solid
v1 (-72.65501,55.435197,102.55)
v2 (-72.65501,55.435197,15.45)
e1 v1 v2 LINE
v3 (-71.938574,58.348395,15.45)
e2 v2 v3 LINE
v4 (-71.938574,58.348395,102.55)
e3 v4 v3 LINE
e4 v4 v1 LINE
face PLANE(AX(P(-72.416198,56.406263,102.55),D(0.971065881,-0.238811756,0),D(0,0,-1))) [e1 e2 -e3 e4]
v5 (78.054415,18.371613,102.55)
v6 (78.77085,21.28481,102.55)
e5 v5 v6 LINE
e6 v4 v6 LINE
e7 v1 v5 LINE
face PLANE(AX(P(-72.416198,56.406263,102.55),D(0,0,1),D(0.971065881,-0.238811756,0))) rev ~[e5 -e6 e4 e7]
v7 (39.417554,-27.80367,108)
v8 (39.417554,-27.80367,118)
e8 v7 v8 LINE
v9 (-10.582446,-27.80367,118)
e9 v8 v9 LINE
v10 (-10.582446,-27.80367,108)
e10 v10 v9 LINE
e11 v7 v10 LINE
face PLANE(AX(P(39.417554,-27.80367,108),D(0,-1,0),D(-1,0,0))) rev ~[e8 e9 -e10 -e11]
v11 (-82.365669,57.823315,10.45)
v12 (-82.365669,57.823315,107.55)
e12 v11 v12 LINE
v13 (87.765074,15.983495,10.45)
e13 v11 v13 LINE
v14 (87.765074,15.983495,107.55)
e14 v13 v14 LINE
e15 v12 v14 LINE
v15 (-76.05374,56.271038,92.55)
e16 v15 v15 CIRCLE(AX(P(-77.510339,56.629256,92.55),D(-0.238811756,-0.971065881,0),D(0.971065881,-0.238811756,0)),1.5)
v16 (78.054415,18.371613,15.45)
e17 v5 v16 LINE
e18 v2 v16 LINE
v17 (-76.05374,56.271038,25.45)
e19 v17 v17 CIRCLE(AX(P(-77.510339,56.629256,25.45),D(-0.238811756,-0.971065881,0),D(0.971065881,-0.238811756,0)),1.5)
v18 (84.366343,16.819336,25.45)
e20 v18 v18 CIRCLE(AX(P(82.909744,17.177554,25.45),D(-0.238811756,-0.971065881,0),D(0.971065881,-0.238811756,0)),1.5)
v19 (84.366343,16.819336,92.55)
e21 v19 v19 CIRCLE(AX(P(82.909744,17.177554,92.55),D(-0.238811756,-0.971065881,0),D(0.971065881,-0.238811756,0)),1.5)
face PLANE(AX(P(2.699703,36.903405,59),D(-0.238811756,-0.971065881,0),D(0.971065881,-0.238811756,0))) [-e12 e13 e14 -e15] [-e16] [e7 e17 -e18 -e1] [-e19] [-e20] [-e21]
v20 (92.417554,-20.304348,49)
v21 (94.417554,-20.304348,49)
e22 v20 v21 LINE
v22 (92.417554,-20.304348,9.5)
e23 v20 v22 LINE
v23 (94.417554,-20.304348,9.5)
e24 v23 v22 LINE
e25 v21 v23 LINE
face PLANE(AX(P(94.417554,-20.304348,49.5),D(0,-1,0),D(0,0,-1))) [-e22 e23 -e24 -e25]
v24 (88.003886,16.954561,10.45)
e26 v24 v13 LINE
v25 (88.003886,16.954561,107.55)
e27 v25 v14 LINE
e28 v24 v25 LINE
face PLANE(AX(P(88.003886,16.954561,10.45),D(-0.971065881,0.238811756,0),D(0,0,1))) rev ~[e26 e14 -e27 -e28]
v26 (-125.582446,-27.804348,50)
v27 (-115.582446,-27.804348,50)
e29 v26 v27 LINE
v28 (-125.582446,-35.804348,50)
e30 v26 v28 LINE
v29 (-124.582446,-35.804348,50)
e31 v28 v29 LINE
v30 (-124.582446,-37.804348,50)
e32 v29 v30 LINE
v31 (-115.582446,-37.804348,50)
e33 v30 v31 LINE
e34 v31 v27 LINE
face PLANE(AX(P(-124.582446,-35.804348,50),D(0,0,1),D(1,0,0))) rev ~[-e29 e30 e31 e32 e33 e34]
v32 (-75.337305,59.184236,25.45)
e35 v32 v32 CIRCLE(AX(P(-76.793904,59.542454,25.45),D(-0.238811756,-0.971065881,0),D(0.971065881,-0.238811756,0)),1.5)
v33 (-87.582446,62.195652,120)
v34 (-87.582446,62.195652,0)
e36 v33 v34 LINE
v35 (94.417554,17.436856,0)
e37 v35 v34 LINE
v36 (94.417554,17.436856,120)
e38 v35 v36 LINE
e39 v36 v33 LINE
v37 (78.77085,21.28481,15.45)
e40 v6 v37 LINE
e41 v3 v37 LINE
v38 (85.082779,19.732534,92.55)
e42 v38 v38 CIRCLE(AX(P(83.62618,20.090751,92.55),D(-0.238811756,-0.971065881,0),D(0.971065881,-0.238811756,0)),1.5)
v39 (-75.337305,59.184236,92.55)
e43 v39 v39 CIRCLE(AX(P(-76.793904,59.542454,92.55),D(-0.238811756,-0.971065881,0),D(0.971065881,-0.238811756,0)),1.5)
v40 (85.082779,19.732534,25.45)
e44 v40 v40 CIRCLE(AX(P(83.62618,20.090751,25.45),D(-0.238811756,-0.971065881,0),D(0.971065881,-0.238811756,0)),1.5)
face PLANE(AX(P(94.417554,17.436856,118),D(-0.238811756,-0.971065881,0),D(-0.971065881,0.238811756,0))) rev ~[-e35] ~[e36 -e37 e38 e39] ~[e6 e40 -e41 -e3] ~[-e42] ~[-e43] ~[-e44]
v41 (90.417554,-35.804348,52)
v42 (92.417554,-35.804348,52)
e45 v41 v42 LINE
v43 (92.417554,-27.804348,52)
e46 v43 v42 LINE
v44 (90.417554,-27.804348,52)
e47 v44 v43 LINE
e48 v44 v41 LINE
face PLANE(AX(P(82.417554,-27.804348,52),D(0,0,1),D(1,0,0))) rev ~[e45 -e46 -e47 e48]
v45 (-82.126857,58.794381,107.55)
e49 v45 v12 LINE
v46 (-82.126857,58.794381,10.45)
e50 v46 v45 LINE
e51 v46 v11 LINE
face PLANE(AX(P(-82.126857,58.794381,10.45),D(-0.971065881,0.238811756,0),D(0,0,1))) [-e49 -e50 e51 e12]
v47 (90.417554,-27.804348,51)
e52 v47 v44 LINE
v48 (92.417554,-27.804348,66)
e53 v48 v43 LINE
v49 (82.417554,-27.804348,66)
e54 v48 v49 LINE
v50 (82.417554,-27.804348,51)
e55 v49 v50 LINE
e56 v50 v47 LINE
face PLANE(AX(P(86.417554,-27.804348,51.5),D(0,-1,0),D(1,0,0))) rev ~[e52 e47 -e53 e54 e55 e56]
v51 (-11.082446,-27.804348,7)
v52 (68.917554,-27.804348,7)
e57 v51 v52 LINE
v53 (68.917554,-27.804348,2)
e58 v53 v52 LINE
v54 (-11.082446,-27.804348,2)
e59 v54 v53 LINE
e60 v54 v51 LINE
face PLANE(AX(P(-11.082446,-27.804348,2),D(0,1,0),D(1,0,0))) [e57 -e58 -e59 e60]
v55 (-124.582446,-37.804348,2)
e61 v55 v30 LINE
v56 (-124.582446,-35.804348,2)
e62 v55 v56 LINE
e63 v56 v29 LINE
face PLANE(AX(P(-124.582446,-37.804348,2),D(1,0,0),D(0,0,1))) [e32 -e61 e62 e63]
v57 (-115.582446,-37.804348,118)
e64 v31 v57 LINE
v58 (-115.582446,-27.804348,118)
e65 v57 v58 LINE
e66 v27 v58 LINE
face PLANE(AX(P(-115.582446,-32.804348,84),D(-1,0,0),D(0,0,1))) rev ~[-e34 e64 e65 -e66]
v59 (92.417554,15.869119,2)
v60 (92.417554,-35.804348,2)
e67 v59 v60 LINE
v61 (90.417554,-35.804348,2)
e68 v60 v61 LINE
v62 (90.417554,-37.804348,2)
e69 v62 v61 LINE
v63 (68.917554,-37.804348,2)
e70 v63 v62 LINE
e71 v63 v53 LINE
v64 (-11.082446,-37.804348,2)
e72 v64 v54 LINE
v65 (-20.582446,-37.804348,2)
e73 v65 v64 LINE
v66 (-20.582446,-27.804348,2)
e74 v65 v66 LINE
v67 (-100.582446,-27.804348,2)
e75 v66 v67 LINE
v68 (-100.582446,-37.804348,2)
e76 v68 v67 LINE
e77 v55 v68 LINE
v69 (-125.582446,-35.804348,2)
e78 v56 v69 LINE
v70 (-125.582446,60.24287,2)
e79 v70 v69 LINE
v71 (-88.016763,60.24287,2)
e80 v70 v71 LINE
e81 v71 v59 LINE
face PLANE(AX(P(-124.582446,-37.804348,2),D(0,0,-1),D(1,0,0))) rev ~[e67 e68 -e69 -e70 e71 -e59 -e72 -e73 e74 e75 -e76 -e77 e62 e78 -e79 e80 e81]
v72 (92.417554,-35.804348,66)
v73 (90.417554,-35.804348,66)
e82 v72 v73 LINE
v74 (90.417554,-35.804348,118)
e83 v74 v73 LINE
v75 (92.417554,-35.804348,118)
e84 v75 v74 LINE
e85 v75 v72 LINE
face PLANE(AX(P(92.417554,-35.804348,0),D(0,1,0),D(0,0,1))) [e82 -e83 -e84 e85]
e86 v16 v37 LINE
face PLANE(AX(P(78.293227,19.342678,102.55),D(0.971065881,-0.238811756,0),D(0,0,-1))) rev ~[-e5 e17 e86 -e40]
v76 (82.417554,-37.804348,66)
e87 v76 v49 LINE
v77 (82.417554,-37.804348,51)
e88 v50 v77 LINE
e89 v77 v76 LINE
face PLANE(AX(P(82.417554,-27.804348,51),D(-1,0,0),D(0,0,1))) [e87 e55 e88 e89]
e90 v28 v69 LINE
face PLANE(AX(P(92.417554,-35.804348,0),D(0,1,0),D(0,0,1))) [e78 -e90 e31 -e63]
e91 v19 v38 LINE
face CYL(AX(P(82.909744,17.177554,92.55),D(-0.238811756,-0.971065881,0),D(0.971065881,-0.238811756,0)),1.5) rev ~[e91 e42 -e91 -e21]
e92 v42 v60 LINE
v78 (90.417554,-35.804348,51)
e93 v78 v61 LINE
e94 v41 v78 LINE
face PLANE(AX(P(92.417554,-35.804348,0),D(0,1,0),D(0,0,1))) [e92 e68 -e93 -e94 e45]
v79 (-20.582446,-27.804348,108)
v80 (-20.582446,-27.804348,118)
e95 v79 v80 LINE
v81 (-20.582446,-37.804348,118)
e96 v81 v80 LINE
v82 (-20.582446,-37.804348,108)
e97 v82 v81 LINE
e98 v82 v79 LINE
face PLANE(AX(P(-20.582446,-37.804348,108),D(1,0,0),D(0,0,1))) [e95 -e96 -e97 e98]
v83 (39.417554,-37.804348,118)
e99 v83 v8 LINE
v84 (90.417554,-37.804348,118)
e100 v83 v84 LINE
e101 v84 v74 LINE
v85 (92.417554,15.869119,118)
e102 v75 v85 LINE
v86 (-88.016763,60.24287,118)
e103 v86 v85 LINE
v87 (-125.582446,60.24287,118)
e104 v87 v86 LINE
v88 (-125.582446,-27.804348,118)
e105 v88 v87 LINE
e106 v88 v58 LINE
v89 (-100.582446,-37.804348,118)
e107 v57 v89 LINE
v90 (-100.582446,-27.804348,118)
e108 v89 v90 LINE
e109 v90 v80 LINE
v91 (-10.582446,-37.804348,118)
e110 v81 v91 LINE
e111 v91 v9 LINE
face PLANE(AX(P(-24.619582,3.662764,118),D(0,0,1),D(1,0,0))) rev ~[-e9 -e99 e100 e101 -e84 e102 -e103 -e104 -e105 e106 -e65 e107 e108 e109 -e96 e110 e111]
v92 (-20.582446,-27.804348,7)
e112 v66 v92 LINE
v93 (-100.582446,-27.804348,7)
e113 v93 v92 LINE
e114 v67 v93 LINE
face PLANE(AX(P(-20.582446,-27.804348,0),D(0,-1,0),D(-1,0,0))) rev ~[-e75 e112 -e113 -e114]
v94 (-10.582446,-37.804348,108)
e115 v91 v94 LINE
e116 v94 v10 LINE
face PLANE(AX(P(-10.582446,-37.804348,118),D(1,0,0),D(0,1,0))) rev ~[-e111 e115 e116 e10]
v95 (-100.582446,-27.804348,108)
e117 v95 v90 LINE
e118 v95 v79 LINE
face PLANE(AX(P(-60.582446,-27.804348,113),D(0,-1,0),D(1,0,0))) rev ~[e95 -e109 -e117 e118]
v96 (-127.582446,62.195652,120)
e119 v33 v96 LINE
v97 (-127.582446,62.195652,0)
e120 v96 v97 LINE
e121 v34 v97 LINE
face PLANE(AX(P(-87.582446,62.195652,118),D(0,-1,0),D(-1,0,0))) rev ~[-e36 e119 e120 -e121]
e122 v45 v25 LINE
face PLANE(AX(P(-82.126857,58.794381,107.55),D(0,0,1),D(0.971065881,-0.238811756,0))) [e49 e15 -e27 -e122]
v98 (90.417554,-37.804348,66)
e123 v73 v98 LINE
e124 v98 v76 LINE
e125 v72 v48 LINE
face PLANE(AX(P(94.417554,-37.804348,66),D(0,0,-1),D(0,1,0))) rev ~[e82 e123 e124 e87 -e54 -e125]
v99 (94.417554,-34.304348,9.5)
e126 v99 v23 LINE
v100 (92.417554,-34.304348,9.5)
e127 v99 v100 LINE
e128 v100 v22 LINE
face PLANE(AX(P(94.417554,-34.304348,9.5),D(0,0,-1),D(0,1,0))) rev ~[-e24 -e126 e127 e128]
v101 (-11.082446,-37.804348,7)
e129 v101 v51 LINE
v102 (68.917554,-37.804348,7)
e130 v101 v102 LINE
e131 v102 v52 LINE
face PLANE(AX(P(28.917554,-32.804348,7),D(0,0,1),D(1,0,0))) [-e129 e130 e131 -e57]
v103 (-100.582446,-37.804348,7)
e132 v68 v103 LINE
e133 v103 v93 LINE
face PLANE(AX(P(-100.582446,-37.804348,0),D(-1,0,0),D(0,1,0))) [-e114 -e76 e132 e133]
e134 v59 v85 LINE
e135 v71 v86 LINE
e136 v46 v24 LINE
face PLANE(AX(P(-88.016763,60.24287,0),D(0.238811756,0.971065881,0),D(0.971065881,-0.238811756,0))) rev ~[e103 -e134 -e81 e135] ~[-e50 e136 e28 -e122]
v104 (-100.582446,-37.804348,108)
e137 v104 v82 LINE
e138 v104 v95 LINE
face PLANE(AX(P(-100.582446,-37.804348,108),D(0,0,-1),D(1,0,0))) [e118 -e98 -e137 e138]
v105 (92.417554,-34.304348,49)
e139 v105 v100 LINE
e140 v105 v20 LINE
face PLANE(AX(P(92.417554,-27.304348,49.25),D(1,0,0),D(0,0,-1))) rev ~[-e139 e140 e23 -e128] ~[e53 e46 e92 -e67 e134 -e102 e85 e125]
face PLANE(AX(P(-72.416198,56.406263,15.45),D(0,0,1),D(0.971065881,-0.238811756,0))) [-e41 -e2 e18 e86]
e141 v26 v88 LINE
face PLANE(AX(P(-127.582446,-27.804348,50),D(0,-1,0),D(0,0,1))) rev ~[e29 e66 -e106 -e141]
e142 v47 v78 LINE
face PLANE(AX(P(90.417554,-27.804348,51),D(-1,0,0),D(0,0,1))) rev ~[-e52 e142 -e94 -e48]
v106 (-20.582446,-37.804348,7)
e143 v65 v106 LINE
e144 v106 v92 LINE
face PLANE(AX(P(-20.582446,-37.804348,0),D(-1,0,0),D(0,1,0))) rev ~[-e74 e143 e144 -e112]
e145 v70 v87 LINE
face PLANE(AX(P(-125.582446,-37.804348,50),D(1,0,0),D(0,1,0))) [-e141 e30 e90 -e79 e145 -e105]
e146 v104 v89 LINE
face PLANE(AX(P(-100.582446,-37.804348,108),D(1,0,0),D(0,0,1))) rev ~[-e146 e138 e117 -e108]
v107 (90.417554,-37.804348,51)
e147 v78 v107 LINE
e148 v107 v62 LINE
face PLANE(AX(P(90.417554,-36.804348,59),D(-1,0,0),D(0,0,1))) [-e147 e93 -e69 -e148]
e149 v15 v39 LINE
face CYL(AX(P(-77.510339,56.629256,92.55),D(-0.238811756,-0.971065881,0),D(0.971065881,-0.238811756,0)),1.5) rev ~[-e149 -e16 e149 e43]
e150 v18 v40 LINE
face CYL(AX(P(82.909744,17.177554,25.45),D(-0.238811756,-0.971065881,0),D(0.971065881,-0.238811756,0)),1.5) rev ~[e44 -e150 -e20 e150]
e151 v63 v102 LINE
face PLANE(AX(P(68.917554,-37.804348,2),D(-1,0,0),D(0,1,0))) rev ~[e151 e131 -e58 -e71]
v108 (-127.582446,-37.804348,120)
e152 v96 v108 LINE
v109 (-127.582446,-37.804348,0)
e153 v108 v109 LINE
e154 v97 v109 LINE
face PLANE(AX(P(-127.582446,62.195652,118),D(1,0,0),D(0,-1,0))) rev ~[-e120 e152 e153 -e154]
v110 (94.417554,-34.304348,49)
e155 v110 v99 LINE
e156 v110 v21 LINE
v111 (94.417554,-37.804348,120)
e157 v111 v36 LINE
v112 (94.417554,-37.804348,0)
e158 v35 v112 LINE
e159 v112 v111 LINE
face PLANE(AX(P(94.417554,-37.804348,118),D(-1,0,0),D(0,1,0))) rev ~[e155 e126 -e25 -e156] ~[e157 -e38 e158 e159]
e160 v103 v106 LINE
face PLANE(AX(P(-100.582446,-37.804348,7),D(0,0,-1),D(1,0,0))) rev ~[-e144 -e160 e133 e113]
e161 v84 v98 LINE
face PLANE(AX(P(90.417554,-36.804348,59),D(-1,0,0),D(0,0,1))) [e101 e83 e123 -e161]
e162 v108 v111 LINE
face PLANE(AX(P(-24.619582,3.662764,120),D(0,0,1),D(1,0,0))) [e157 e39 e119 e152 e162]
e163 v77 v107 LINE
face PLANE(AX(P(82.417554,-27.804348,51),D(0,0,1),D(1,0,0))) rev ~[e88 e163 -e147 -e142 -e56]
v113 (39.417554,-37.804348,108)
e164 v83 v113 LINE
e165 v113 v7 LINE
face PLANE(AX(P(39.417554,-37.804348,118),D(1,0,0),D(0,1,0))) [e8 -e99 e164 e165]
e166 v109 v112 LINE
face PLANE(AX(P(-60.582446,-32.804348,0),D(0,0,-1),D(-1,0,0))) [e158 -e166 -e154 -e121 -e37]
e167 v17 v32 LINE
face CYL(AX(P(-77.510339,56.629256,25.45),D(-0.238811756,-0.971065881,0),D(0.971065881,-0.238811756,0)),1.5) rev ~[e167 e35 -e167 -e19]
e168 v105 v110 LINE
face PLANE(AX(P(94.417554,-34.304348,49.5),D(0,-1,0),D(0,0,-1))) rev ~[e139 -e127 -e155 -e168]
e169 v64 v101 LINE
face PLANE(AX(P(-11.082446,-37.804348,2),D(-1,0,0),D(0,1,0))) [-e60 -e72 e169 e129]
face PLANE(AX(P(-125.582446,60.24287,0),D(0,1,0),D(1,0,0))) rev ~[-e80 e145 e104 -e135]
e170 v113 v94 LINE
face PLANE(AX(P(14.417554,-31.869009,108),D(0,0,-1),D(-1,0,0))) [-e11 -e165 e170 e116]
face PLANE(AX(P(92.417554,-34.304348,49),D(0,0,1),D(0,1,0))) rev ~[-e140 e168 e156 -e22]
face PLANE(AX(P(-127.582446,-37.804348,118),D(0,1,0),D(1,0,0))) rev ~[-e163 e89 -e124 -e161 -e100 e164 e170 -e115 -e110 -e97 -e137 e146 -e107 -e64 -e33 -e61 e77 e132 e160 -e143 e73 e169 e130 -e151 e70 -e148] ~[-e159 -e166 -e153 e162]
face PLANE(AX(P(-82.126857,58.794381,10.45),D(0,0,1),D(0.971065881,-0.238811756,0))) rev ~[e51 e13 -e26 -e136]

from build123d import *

# Parameters (mm, degrees)
BOSS_EXTRUDE1_DEPTH  = 118
SKETCH2_W            = 68
SKETCH2_H            = 10
BOSS_EXTRUDE2_DEPTH  = 12
SKETCH4_W            = 2
SKETCH4_H            = 5.241203994
BOSS_EXTRUDE4_DEPTH  = 118
SKETCH5_W            = 40
SKETCH5_H            = 14
CUT_EXTRUDE1_DEPTH   = 12
BOSS_EXTRUDE5_START  = -2
SKETCH6_W            = 0.5
SKETCH6_H            = 14
BOSS_EXTRUDE5_DEPTH  = 2
SKETCH7_W            = 118
SKETCH7_H            = 2
BOSS_EXTRUDE6_DEPTH  = 2
SKETCH8_W            = 2
SKETCH8_H            = 0.649840642
BOSS_EXTRUDE7_DEPTH  = 50
BOSS_EXTRUDE8_DEPTH  = 2
SKETCH11_W           = 222
SKETCH11_H           = 2
BOSS_EXTRUDE9_DEPTH  = 2
SKETCH13_W           = 118
SKETCH13_H           = 2
BOSS_EXTRUDE10_DEPTH = 4
SKETCH14_W           = 1
SKETCH14_H           = 46
CUT_EXTRUDE2_DEPTH   = 4
SKETCH15_W           = 215
SKETCH15_H           = 1
CUT_EXTRUDE3_DEPTH   = 4
SKETCH16_W           = 215
SKETCH16_H           = 1
CUT_EXTRUDE4_DEPTH   = 4
SKETCH17_W           = 155.2
SKETCH17_H           = 87.1
CUT_EXTRUDE5_DEPTH   = 4
SKETCH18_W           = 175.2
SKETCH18_H           = 97.1
BOSS_EXTRUDE11_DEPTH = 1
SKETCH19_W           = 155.2
SKETCH19_H           = 87.1
CUT_EXTRUDE6_DEPTH   = 1
SKETCH20_R           = 1.5
CUT_EXTRUDE7_DEPTH   = 47.46373967
SKETCH21_W           = 80
SKETCH21_H           = 10
BOSS_EXTRUDE12_DEPTH = 12
SKETCH22_W           = 80
SKETCH22_H           = 5
CUT_EXTRUDE8_DEPTH   = 12
SKETCH23_W           = 10
SKETCH23_H           = 10
BOSS_EXTRUDE13_DEPTH = 12
BOSS_EXTRUDE14_START = -10
SKETCH24_W           = 12
SKETCH24_H           = 4
BOSS_EXTRUDE14_DEPTH = 10
BOSS_EXTRUDE15_START = -10
SKETCH25_W           = 8
SKETCH25_H           = 1
BOSS_EXTRUDE15_DEPTH = 10
SKETCH27_W           = 80
SKETCH27_H           = 10
BOSS_EXTRUDE16_DEPTH = 5
BOSS_EXTRUDE17_DEPTH = 2
SKETCH30_W           = 80
SKETCH30_H           = 10
BOSS_EXTRUDE18_DEPTH = 10
SKETCH31_W           = 50
SKETCH31_H           = 11.87067785
BOSS_EXTRUDE20_DEPTH = 10
SKETCH32_W           = 50
SKETCH32_H           = 1.87
CUT_EXTRUDE9_DEPTH   = 10


with BuildPart() as part:
    # Sketch1 → Boss-Extrude1 (new body)
    with BuildSketch(Plane.XY):
        Polygon((94.417554234, -32.563143832), (94.417554234, 17.436856168), (-87.582445766, 62.195652174), (-127.582445766, 62.195652174), (-127.582445766, -37.804347826), (-125.582445766, -37.757129772), (-125.582445766, 60.242870228), (-88.016763075, 60.242870228), (92.417554234, 15.869118575), (92.417554234, 15.389638114), (92.417554234, -32.610361886), align=None)
    extrude(amount=BOSS_EXTRUDE1_DEPTH)

    # Sketch2 → Boss-Extrude2 (add)
    with BuildSketch(Plane.ZY.offset(127.582445766)):
        with Locations((84, -32.804347826)):
            Rectangle(SKETCH2_W, SKETCH2_H)
    extrude(amount=-BOSS_EXTRUDE2_DEPTH)

    # Sketch4 → Boss-Extrude4 (add)
    with BuildSketch(Plane.XY.offset(118)):
        with Locations((93.417554234, -35.183745829)):
            Rectangle(SKETCH4_W, SKETCH4_H)
    extrude(amount=-BOSS_EXTRUDE4_DEPTH)

    # Sketch5 → Cut-Extrude1 (cut)
    with BuildSketch(Plane(origin=(94.417554234, 0, 0), x_dir=(0, 0, -1), z_dir=(1, 0, 0))):
        with Locations((-29.5, -27.304347826)):
            Rectangle(SKETCH5_W, SKETCH5_H)
    extrude(amount=-CUT_EXTRUDE1_DEPTH, mode=Mode.SUBTRACT)

    # Sketch6 → Boss-Extrude5 (add)
    with BuildSketch(Plane(origin=(94.417554234, 0, 0), x_dir=(0, 0, -1), z_dir=(1, 0, 0)).offset(BOSS_EXTRUDE5_START)):
        with Locations((-49.25, -27.304347826)):
            Rectangle(SKETCH6_W, SKETCH6_H)
    extrude(amount=BOSS_EXTRUDE5_DEPTH)

    # Sketch7 → Boss-Extrude6 (add)
    with BuildSketch(Plane.ZY.offset(-92.417554234)):
        with Locations((59, -36.804347826)):
            Rectangle(SKETCH7_W, SKETCH7_H)
    extrude(amount=BOSS_EXTRUDE6_DEPTH)

    # Sketch8 → Boss-Extrude7 (add)
    with BuildSketch(Plane(origin=(0, 0, 50), x_dir=(-1, 0, 0), z_dir=(0, 0, -1))):
        with Locations((126.582445766, -37.479427505)):
            Rectangle(SKETCH8_W, SKETCH8_H)
    extrude(amount=BOSS_EXTRUDE7_DEPTH)

    # Sketch10 → Boss-Extrude8 (add)
    with BuildSketch(Plane(origin=(0, 0, 0), x_dir=(-1, 0, 0), z_dir=(0, 0, -1))):
        Polygon((-94.417554234, 17.436856168), (87.582445766, 62.195652174), (127.582445766, 62.195652174), (127.582445766, -37.804347826), (-94.417554234, -37.804347826), align=None)
    extrude(amount=-BOSS_EXTRUDE8_DEPTH)

    # Sketch11 → Boss-Extrude9 (add)
    with BuildSketch(Plane.XY.offset(2)):
        with Locations((-16.582445766, -36.804347826)):
            Rectangle(SKETCH11_W, SKETCH11_H)
    extrude(amount=BOSS_EXTRUDE9_DEPTH)

    # Sketch13 → Boss-Extrude10 (add)
    with BuildSketch(Plane.ZY.offset(127.582445766)):
        with Locations((59, -36.804347826)):
            Rectangle(SKETCH13_W, SKETCH13_H)
    extrude(amount=-BOSS_EXTRUDE10_DEPTH)

    # Sketch14 → Cut-Extrude2 (cut)
    with BuildSketch(Plane(origin=(0, -35.804347826, 0), x_dir=(1, 0, 0), z_dir=(0, 1, 0))):
        with Locations((-124.082445766, -27)):
            Rectangle(SKETCH14_W, SKETCH14_H)
    extrude(amount=-CUT_EXTRUDE2_DEPTH, mode=Mode.SUBTRACT)

    # Sketch15 → Cut-Extrude3 (cut)
    with BuildSketch(Plane.XZ.offset(37.804347826)):
        with Locations((-17.082445766, 3.5)):
            Rectangle(SKETCH15_W, SKETCH15_H)
    extrude(amount=-CUT_EXTRUDE3_DEPTH, mode=Mode.SUBTRACT)

    # Sketch16 → Cut-Extrude4 (cut)
    with BuildSketch(Plane.XZ.offset(37.804347826)):
        with Locations((-17.082445766, 2.5)):
            Rectangle(SKETCH16_W, SKETCH16_H)
    extrude(amount=-CUT_EXTRUDE4_DEPTH, mode=Mode.SUBTRACT)

    # Sketch17 → Cut-Extrude5 (cut)
    with BuildSketch(Plane(origin=(9.428373652, 38.338028676, 0), x_dir=(0.971065881, -0.238811756, 0), z_dir=(0.238811756, 0.971065881, 0))):
        with Locations((-6.191377784, -59)):
            Rectangle(SKETCH17_W, SKETCH17_H)
    extrude(amount=-CUT_EXTRUDE5_DEPTH, mode=Mode.SUBTRACT)

    # Sketch18 → Boss-Extrude11 (add)
    with BuildSketch(Plane(origin=(8.95075014, 36.395896914, 0), x_dir=(0.971065881, -0.238811756, 0), z_dir=(-0.238811756, -0.971065881, 0))):
        with Locations((-6.191377784, 59)):
            Rectangle(SKETCH18_W, SKETCH18_H)
    extrude(amount=BOSS_EXTRUDE11_DEPTH)

    # Sketch19 → Cut-Extrude6 (cut)
    with BuildSketch(Plane(origin=(8.95075014, 36.395896914, 0), x_dir=(0.971065881, -0.238811756, 0), z_dir=(0.238811756, 0.971065881, 0))):
        with Locations((-6.191377784, -59)):
            Rectangle(SKETCH19_W, SKETCH19_H)
    extrude(amount=-CUT_EXTRUDE6_DEPTH, mode=Mode.SUBTRACT)

    # Sketch20 → Cut-Extrude7 (cut, through all)
    with BuildSketch(Plane(origin=(8.711938383, 35.424831033, 0), x_dir=(0.971065881, -0.238811756, 0), z_dir=(-0.238811756, -0.971065881, 0))):
        with Locations((-88.791377784, 92.55)):
            Circle(SKETCH20_R)
        with Locations((-88.791377784, 25.45)):
            Circle(SKETCH20_R)
        with Locations((76.408622216, 25.45)):
            Circle(SKETCH20_R)
        with Locations((76.408622216, 92.55)):
            Circle(SKETCH20_R)
    extrude(amount=-CUT_EXTRUDE7_DEPTH, mode=Mode.SUBTRACT)

    # Sketch21 → Boss-Extrude12 (add)
    with BuildSketch(Plane(origin=(0, 0, 0), x_dir=(-1, 0, 0), z_dir=(0, 0, -1))):
        with Locations((60.582445766, -32.804347826)):
            Rectangle(SKETCH21_W, SKETCH21_H)
    extrude(amount=-BOSS_EXTRUDE12_DEPTH)

    # Sketch22 → Cut-Extrude8 (cut)
    with BuildSketch(Plane.XZ.offset(37.804347826)):
        with Locations((-60.582445766, 9.5)):
            Rectangle(SKETCH22_W, SKETCH22_H)
    extrude(amount=-CUT_EXTRUDE8_DEPTH, mode=Mode.SUBTRACT)

    # Sketch23 → Boss-Extrude13 (add)
    with BuildSketch(Plane(origin=(94.417554234, 0, 0), x_dir=(0, 0, -1), z_dir=(1, 0, 0))):
        with Locations((-61, -32.804347826)):
            Rectangle(SKETCH23_W, SKETCH23_H)
    extrude(amount=-BOSS_EXTRUDE13_DEPTH)

    # Sketch24 → Boss-Extrude14 (add)
    with BuildSketch(Plane.XZ.offset(37.804347826).offset(BOSS_EXTRUDE14_START)):
        with Locations((88.417554234, 54)):
            Rectangle(SKETCH24_W, SKETCH24_H)
    extrude(amount=BOSS_EXTRUDE14_DEPTH)

    # Sketch25 → Boss-Extrude15 (add)
    with BuildSketch(Plane.XZ.offset(37.804347826).offset(BOSS_EXTRUDE15_START)):
        with Locations((86.417554234, 51.5)):
            Rectangle(SKETCH25_W, SKETCH25_H)
    extrude(amount=BOSS_EXTRUDE15_DEPTH)

    # Sketch27 → Boss-Extrude16 (add)
    with BuildSketch(Plane.XY.offset(2)):
        with Locations((28.917554234, -32.804347826)):
            Rectangle(SKETCH27_W, SKETCH27_H)
    extrude(amount=BOSS_EXTRUDE16_DEPTH)

    # Sketch28 → Boss-Extrude17 (add)
    with BuildSketch(Plane.XY.offset(118)):
        Polygon((-127.582445766, -37.804347826), (94.417554234, -37.804347826), (94.417554234, 17.436856168), (-87.582445766, 62.195652174), (-127.582445766, 62.195652174), align=None)
    extrude(amount=BOSS_EXTRUDE17_DEPTH)

    # Sketch30 → Boss-Extrude18 (add)
    with BuildSketch(Plane.XZ.offset(37.804347826)):
        with Locations((-60.582445766, 113)):
            Rectangle(SKETCH30_W, SKETCH30_H)
    extrude(amount=-BOSS_EXTRUDE18_DEPTH)

    # Sketch31 → Boss-Extrude20 (add)
    with BuildSketch(Plane(origin=(0, 0, 118), x_dir=(-1, 0, 0), z_dir=(0, 0, -1))):
        with Locations((-14.417554234, -31.869008901)):
            Rectangle(SKETCH31_W, SKETCH31_H)
    extrude(amount=BOSS_EXTRUDE20_DEPTH)

    # Sketch32 → Cut-Extrude9 (cut)
    with BuildSketch(Plane(origin=(0, 0, 108), x_dir=(-1, 0, 0), z_dir=(0, 0, -1))):
        with Locations((-14.417554234, -26.868669976)):
            Rectangle(SKETCH32_W, SKETCH32_H)
    extrude(amount=-CUT_EXTRUDE9_DEPTH, mode=Mode.SUBTRACT)


solid = part.part
